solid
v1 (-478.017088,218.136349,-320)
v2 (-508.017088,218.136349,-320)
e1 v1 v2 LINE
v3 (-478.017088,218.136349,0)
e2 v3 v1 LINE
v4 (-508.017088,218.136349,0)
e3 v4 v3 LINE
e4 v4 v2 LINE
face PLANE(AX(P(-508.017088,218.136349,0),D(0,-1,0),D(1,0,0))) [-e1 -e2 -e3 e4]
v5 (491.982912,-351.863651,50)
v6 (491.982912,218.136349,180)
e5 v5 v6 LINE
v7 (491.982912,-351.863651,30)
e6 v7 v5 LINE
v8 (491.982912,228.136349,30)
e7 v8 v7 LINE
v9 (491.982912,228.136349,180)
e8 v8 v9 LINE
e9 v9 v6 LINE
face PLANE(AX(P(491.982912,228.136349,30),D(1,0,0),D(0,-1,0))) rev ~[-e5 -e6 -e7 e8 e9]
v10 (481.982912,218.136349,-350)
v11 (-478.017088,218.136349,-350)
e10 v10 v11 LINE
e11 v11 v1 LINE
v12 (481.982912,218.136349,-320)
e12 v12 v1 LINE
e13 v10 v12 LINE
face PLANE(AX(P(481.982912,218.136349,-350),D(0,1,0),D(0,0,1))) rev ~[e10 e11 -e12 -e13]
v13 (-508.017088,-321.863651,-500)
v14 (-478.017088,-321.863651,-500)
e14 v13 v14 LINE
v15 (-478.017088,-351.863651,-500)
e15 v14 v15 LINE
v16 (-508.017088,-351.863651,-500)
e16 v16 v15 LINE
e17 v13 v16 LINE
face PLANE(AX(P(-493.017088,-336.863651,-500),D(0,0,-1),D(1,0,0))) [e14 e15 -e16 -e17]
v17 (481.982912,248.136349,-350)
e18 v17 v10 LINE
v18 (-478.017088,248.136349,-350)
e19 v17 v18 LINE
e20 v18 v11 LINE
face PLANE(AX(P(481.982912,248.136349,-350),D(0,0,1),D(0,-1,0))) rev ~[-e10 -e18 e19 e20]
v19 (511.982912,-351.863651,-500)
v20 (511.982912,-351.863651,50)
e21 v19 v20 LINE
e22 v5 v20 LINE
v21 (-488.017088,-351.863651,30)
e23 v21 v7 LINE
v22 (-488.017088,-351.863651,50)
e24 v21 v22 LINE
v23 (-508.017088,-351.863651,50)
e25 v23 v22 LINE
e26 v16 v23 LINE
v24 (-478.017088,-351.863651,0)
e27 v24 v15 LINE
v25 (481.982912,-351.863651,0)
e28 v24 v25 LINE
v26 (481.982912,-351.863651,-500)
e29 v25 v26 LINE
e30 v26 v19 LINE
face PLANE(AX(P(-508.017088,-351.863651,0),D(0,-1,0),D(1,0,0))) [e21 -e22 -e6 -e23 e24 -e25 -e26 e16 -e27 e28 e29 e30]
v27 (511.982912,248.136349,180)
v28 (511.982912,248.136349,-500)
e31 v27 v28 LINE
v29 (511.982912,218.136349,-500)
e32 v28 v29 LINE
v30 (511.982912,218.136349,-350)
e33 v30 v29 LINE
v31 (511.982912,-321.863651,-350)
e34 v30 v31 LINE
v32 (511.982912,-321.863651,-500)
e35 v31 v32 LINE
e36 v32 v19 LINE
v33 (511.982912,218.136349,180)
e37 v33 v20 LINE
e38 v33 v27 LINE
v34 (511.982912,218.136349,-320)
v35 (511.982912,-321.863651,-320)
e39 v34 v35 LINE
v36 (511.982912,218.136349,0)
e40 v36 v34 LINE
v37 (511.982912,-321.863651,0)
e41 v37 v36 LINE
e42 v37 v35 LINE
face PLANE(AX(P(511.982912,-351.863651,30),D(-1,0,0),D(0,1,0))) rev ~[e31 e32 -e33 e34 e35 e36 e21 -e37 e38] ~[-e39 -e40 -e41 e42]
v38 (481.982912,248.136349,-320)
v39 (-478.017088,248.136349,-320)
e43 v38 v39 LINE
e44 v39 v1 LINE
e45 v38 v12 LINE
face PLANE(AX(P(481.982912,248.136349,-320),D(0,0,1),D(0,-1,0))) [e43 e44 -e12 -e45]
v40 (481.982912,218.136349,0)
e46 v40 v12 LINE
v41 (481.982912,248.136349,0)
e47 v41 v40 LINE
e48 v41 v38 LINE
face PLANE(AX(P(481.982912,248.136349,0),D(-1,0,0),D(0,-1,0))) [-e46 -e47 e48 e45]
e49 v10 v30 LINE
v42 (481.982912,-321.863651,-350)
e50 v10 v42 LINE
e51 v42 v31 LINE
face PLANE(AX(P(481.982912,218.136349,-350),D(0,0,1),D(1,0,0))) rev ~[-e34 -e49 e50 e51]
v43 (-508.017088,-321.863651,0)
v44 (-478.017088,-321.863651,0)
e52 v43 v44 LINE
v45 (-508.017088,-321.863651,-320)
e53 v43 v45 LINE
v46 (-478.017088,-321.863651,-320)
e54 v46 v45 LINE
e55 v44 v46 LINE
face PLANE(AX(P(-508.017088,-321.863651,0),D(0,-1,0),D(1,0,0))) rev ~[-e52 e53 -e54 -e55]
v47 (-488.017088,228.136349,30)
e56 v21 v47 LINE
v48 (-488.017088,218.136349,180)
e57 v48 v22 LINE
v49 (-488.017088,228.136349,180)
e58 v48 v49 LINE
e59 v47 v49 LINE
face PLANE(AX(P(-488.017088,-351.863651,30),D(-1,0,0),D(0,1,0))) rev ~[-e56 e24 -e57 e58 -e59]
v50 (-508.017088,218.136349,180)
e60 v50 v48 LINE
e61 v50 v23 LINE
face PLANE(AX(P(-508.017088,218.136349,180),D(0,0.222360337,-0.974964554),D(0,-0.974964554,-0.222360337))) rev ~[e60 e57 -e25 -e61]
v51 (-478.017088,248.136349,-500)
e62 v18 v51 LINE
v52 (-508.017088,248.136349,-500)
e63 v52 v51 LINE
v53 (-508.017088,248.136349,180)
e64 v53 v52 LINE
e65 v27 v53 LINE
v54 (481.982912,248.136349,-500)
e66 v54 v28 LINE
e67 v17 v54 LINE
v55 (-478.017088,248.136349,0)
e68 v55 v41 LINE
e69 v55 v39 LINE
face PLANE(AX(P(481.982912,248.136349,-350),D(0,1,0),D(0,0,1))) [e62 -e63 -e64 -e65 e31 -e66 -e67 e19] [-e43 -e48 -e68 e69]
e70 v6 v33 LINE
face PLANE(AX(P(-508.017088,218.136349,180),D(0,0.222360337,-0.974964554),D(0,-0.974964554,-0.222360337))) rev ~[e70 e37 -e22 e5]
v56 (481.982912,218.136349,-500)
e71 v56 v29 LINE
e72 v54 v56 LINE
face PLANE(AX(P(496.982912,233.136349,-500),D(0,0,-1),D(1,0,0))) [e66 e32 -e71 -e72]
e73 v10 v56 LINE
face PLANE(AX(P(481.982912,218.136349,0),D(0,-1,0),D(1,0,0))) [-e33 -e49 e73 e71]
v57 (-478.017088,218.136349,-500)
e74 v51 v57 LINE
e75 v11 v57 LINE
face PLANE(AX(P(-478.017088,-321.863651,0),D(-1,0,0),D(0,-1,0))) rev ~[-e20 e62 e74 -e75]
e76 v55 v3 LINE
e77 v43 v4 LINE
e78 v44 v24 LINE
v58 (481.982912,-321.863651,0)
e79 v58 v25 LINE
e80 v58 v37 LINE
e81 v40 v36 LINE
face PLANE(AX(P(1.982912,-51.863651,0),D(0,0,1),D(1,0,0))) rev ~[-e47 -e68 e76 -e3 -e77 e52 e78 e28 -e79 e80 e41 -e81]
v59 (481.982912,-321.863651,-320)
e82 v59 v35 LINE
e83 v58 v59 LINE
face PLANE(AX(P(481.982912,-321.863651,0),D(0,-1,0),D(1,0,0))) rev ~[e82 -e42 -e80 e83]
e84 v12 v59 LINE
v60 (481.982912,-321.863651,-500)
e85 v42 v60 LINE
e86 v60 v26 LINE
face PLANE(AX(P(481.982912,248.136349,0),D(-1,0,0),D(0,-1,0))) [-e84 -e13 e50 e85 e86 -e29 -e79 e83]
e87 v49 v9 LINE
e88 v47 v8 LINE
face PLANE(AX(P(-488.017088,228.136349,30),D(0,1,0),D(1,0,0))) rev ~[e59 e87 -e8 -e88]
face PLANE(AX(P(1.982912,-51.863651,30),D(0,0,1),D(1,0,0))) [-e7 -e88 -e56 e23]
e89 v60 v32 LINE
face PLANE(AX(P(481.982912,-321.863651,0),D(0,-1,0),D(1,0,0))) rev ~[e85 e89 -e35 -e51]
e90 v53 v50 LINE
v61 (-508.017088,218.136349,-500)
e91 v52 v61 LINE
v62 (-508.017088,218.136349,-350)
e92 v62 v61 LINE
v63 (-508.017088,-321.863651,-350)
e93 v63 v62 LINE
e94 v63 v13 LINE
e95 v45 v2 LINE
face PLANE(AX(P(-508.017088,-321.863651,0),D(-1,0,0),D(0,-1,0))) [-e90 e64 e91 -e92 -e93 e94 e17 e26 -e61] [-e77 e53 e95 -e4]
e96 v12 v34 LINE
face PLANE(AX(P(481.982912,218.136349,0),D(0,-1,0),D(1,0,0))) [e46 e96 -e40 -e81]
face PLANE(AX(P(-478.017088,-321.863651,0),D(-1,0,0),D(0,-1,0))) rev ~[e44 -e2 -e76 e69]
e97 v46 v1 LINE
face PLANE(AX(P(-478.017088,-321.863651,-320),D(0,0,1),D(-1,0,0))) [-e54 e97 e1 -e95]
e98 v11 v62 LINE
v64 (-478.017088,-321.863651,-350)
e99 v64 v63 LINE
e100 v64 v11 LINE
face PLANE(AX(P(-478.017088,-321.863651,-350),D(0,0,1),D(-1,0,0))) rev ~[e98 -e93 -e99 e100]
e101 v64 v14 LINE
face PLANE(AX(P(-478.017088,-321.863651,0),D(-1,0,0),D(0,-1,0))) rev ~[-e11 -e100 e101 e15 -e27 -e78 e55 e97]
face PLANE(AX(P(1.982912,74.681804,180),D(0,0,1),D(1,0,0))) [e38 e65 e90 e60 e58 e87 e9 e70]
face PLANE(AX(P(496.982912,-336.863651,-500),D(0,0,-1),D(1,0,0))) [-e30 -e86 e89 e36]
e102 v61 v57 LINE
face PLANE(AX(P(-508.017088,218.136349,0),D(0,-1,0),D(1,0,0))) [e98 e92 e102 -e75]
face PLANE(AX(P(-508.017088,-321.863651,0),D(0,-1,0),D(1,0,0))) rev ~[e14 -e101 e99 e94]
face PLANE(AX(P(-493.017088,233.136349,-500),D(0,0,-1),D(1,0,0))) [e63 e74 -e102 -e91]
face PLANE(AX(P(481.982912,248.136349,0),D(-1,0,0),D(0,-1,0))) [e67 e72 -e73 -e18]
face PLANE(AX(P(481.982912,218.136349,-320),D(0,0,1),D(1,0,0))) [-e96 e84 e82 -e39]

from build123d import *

# Parameters (mm, degrees)
F0_W      = 1020
F0_H      = 600
F1_DEPTH  = 30
F3_DEPTH  = 150
F5_DEPTH  = 2000
F6_W      = 30
F6_H      = 30
F7_DEPTH  = 500
F8_W      = 30
F8_H      = 30
F9_DEPTH  = 540
F10_W     = 30
F10_H     = 30
F11_DEPTH = 540
F12_W     = 30
F12_H     = 30
F13_DEPTH = 960


with BuildPart() as f1:
    # F0 (on Top) → F1 (new body)
    with BuildSketch(Plane.XY):
        with Locations((1.982912, -51.863651)):
            Rectangle(F0_W, F0_H)
    extrude(amount=F1_DEPTH)

    # F2 (on face) → F3 (join)
    with BuildSketch(Plane.XY.offset(30)):
        Polygon((-508.017088, 248.136349), (-508.017088, -351.863651), (-488.017088, -351.863651), (-488.017088, 228.136349), (491.982912, 228.136349), (491.982912, -351.863651), (511.982912, -351.863651), (511.982912, 248.136349), align=None)
    extrude(amount=F3_DEPTH)

    # F4 (on face) → F5 (cut)
    with BuildSketch(Plane(origin=(-508.017088, 0, 0), x_dir=(0, -1, 0), z_dir=(-1, 0, 0))):
        Polygon((351.863651, 180), (-218.136349, 180), (351.863651, 50), align=None)
    extrude(amount=-F5_DEPTH, mode=Mode.SUBTRACT)

    # F6 (on face) → F7 (join)
    with BuildSketch(Plane(origin=(0, 0, 0), x_dir=(1, 0, 0), z_dir=(0, 0, -1))):
        with Locations((-493.017088, 336.863651)):
            Rectangle(F6_W, F6_H)
        with Locations((-493.017088, -233.136349)):
            Rectangle(F6_W, F6_H)
        with Locations((496.982912, 336.863651)):
            Rectangle(F6_W, F6_H)
        with Locations((496.982912, -233.136349)):
            Rectangle(F6_W, F6_H)
    extrude(amount=F7_DEPTH)

    # F8 (on face) → F9 (join, through all)
    with BuildSketch(Plane(origin=(0, -321.863651, 0), x_dir=(-1, 0, 0), z_dir=(0, 1, 0))):
        with Locations((493.017088, -335)):
            Rectangle(F8_W, F8_H)
    extrude(amount=F9_DEPTH)

    # F10 (on face) → F11 (join, through all)
    with BuildSketch(Plane.XZ.offset(-218.136349)):
        with Locations((496.982912, -335)):
            Rectangle(F10_W, F10_H)
    extrude(amount=F11_DEPTH)

    # F12 (on face) → F13 (join, through all)
    with BuildSketch(Plane(origin=(481.982912, 0, 0), x_dir=(0, -1, 0), z_dir=(-1, 0, 0))):
        with Locations((-233.136349, -335)):
            Rectangle(F12_W, F12_H)
    extrude(amount=F13_DEPTH)


solid = f1.part
